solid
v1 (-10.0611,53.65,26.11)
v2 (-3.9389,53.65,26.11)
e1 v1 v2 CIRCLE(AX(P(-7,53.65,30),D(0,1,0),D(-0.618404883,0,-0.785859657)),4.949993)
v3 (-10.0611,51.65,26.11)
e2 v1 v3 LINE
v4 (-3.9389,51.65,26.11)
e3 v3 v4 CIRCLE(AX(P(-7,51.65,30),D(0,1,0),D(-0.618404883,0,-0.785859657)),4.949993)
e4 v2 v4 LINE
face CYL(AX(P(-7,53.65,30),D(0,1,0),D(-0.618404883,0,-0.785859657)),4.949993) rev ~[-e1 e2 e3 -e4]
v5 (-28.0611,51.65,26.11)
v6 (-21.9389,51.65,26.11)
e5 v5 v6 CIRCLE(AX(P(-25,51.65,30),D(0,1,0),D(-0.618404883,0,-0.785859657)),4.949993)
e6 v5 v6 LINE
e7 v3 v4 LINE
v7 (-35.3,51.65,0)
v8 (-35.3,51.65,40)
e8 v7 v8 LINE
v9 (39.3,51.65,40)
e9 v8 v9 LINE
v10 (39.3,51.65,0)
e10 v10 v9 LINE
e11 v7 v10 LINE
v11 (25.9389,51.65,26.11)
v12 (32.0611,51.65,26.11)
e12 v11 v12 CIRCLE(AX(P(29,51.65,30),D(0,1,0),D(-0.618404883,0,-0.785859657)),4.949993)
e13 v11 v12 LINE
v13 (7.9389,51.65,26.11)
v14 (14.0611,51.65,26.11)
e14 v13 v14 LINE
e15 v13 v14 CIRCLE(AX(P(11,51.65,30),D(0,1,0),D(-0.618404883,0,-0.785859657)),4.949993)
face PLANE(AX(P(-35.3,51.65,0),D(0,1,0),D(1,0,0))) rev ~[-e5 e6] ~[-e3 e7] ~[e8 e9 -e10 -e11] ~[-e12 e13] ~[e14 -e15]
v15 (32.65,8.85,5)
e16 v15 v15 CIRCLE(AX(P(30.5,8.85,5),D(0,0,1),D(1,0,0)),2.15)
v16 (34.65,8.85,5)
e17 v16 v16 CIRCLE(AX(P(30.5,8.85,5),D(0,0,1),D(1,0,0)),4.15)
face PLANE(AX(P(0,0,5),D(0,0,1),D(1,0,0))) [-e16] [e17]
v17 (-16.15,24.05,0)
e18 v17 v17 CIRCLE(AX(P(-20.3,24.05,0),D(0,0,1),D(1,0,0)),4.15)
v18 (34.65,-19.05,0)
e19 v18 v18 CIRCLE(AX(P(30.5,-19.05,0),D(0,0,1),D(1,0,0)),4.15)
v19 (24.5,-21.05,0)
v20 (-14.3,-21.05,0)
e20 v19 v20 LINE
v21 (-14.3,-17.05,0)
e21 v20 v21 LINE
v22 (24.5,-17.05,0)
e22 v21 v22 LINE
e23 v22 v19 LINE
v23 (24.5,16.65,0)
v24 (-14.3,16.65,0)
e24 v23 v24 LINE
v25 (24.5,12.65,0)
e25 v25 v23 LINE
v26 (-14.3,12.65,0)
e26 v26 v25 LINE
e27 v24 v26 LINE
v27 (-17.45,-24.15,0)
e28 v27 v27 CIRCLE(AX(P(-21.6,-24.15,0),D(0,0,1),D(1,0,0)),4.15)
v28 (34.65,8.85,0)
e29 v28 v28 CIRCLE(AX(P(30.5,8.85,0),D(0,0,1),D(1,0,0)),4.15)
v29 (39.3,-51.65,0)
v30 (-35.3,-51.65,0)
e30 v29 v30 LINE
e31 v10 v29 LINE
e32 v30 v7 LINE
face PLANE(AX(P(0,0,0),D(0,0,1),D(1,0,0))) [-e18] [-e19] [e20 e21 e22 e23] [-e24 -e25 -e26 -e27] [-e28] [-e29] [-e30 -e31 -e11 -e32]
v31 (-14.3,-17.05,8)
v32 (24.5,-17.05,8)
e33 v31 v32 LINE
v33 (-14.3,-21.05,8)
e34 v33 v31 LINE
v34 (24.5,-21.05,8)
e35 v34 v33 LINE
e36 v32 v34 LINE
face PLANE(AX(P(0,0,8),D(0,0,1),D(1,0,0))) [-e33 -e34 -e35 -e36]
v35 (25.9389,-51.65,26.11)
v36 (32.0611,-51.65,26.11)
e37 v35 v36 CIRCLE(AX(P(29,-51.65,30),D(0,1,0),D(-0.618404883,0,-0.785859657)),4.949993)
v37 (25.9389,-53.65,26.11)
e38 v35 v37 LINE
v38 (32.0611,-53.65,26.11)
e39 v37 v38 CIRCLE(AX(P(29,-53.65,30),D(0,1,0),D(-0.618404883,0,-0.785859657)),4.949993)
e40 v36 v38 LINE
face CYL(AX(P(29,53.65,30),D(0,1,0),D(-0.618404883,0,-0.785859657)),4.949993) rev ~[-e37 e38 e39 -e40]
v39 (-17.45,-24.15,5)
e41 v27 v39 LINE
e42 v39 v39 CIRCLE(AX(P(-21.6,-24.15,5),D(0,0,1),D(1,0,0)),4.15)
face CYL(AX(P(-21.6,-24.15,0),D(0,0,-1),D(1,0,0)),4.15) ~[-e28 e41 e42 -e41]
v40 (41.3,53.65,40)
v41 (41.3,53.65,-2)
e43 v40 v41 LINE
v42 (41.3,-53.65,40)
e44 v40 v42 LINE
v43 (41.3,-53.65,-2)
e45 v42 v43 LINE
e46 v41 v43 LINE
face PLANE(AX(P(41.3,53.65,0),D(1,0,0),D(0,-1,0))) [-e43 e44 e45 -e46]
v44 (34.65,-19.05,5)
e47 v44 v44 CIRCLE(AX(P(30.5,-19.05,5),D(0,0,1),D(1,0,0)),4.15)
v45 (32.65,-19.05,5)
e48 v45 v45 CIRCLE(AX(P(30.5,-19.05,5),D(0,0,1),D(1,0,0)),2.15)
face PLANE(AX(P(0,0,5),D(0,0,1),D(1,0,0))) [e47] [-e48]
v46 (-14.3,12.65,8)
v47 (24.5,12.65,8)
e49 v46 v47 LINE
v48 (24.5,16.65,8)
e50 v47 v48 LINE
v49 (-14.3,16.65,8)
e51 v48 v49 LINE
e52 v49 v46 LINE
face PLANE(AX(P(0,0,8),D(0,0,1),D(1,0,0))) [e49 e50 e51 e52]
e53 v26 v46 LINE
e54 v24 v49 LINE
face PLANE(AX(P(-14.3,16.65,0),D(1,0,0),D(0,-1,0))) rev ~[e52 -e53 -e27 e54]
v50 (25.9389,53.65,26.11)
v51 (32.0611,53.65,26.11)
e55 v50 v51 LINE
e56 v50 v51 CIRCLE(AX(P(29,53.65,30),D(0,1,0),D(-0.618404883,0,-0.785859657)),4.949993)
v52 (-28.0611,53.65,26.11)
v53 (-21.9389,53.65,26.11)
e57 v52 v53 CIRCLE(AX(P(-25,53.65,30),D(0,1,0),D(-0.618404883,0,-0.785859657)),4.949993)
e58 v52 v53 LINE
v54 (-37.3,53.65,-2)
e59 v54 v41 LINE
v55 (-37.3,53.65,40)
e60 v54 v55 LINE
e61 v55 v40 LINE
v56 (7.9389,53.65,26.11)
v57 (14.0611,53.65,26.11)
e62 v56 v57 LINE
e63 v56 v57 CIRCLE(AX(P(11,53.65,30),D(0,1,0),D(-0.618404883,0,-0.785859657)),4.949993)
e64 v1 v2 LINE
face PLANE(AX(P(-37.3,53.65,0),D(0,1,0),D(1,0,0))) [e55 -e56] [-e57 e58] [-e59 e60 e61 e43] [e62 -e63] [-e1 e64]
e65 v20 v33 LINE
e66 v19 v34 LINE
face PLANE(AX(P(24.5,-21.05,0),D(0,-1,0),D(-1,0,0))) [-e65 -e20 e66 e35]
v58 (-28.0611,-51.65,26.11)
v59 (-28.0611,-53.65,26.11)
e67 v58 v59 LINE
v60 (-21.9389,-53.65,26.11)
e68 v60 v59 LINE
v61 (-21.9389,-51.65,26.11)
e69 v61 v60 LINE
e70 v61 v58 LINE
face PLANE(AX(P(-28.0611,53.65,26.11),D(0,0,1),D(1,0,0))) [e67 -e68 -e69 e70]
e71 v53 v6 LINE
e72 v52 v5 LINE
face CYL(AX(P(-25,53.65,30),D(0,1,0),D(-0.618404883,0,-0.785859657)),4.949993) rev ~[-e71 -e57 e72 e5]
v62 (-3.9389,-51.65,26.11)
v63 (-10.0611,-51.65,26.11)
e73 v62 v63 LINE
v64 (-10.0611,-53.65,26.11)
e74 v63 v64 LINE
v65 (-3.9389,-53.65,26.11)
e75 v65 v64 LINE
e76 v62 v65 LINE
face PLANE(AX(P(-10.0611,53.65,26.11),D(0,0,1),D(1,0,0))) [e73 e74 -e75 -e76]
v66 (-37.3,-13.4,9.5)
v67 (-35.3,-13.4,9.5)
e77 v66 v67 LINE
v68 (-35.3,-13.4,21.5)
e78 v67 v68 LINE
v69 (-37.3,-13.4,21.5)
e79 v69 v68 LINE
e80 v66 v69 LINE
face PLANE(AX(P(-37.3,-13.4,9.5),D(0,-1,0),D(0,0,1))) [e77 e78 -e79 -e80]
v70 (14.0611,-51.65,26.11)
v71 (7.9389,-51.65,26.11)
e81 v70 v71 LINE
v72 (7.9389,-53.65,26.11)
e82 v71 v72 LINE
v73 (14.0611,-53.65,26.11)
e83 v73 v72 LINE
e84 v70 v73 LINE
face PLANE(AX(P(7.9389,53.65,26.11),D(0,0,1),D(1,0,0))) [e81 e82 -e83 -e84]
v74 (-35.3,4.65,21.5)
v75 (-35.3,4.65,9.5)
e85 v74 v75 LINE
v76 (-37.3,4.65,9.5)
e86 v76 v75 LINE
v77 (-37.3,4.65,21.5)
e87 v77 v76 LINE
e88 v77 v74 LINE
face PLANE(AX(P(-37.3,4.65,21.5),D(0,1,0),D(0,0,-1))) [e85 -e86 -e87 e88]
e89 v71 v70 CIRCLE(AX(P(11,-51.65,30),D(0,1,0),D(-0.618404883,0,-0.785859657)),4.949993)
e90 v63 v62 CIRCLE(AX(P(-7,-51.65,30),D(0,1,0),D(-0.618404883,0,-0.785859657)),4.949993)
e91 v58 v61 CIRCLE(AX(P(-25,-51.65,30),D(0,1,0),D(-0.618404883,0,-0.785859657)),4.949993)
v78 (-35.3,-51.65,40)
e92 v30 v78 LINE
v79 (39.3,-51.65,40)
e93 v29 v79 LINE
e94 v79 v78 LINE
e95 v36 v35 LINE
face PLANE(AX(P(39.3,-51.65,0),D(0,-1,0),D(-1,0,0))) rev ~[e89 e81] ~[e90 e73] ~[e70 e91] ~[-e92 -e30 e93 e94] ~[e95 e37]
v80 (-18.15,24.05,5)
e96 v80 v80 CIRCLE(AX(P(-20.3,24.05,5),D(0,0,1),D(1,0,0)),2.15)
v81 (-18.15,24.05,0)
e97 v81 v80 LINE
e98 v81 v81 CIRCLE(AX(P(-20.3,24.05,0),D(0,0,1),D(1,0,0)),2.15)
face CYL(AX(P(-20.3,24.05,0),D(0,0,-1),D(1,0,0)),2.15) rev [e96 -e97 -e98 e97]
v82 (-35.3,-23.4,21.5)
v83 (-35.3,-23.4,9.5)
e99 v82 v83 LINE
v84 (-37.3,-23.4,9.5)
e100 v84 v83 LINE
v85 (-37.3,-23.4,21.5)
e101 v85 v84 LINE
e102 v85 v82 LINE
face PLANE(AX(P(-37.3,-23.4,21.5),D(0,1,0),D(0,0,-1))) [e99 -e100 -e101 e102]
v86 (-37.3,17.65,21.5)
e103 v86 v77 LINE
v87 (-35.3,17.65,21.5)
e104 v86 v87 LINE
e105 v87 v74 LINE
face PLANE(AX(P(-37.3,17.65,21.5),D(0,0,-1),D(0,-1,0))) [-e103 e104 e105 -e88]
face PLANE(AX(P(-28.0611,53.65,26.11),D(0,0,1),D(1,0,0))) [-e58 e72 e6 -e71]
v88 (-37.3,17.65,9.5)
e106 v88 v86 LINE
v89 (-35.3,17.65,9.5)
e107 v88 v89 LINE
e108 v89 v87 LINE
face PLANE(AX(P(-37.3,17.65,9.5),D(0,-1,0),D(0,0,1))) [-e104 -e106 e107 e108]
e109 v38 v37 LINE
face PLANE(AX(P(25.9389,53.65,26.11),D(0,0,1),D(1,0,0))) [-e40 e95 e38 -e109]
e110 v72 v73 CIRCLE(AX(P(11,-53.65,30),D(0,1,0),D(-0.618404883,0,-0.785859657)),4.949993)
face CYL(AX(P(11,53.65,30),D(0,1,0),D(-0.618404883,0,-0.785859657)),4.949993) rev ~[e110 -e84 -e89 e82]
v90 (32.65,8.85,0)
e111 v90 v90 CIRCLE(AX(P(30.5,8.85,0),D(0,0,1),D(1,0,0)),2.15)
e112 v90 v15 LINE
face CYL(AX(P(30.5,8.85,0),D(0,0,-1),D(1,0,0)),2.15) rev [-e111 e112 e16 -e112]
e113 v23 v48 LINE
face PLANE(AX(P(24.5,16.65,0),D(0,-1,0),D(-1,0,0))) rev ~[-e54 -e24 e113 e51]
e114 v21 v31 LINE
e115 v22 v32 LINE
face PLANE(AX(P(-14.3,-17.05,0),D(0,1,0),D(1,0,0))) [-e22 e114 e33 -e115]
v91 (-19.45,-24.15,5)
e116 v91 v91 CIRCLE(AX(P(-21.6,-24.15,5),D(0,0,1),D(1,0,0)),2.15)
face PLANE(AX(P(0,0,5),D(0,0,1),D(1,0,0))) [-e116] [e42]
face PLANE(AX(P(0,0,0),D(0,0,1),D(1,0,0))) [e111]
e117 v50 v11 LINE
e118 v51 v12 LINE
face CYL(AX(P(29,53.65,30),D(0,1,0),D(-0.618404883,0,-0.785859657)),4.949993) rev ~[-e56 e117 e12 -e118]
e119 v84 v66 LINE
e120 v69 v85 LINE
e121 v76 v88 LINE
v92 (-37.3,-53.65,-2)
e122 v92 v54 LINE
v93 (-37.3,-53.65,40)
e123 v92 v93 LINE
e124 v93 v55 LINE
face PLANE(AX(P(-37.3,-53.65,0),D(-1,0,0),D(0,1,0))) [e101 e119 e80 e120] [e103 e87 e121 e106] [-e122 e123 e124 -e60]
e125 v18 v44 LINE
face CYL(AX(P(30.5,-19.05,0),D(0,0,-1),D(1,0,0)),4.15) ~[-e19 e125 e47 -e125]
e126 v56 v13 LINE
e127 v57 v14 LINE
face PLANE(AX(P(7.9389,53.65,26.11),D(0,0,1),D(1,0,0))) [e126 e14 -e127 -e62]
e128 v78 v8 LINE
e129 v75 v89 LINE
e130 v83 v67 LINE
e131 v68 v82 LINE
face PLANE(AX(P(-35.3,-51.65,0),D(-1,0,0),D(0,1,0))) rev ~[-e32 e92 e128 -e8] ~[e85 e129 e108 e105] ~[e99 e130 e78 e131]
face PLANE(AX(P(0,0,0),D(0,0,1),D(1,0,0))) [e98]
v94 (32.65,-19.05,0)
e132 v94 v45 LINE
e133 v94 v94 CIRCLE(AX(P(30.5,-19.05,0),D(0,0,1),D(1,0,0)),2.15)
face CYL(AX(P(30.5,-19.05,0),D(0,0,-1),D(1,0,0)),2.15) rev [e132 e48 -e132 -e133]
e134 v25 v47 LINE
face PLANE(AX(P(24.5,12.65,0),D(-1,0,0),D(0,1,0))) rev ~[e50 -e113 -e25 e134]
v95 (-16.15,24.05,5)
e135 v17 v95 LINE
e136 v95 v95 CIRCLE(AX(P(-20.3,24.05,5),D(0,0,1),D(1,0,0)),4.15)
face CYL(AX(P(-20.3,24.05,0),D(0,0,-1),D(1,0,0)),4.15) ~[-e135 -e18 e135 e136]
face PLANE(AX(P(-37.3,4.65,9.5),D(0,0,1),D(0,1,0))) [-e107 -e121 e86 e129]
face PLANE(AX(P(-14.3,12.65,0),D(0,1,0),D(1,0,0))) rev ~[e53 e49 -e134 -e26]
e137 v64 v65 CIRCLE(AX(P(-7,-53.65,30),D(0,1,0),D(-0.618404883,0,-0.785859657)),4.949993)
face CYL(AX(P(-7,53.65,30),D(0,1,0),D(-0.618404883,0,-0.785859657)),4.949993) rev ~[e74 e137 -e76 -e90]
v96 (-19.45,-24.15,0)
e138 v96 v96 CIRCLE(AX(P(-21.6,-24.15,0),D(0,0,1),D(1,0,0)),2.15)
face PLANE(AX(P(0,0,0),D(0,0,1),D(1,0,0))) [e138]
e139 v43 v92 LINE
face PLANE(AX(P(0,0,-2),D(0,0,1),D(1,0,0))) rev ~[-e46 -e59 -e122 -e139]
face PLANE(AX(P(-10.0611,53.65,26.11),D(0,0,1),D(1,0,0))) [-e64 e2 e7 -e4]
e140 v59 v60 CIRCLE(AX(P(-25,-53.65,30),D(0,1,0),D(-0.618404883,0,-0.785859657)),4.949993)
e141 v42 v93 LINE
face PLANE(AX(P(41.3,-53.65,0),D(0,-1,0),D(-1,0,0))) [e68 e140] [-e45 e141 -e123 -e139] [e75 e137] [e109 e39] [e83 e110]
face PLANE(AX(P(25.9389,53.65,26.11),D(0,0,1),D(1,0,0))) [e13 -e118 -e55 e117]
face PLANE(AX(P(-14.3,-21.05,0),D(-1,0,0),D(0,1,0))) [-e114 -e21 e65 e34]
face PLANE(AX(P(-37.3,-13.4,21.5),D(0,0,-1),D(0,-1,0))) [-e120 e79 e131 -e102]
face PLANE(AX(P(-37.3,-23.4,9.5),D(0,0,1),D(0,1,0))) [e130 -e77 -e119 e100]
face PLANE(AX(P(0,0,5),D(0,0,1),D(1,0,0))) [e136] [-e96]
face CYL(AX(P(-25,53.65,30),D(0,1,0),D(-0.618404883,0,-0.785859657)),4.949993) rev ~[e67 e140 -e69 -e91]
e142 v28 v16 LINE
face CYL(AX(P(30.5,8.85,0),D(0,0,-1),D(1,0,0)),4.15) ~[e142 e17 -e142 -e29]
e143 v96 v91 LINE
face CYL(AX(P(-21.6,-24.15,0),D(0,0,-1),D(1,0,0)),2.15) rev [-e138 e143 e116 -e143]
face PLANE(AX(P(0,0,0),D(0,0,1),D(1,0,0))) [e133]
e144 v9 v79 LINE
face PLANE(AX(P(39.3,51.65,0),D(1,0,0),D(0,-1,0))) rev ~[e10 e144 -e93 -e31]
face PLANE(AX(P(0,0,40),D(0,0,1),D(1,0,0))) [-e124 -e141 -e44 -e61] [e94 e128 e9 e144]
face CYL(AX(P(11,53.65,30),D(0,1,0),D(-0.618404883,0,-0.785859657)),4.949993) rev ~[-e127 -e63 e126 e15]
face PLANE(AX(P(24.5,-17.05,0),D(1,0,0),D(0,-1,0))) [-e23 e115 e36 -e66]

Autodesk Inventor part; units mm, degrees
ref_plane "YZ Plane" through (0, 0, 0) normal (1, 0, 0) x (0, 1, 0)
ref_plane "XZ Plane" through (0, 0, 0) normal (0, 1, 0) x (-1, 0, 0)
ref_plane "XY Plane" through (0, 0, 0) normal (0, 0, 1) x (1, 0, 0)
sketch "Sketch1" plane through (0, 0, 0) normal (0, 0, 1) x (1, 0, 0)
  line L0 (-35.3, 51.65) -> (39.3, 51.65)
  line L1 (39.3, 51.65) -> (39.3, -51.65)
  line L2 (39.3, -51.65) -> (-35.3, -51.65)
  line L3 (-35.3, -51.65) -> (-35.3, 51.65)
  line L4 (-35.3, 51.65) -> (39.3, -51.65) construction
  line L5 (39.3, 51.65) -> (-35.3, -51.65) construction
  line L6 (34.3, 26.65) -> (-34.3, 26.65) construction
  line L7 (-34.3, 26.65) -> (-34.3, -26.65) construction
  line L8 (-34.3, -26.65) -> (34.3, -26.65) construction
  line L9 (34.3, -26.65) -> (34.3, 26.65) construction
  line L10 (34.3, 26.65) -> (-34.3, -26.65) construction
  line L11 (-34.3, 26.65) -> (34.3, -26.65) construction
  circle A0 centre (-20.3, 24.05) radius 1.6 construction
  circle A1 centre (-21.6, -24.15) radius 1.6 construction
  circle A2 centre (30.5, 8.85) radius 1.6 construction
  circle A3 centre (30.5, -19.05) radius 1.6 construction
  line L12 (-37.3, 53.65) -> (41.3, 53.65)
  line L13 (41.3, 53.65) -> (41.3, -53.65)
  line L14 (41.3, -53.65) -> (-37.3, -53.65)
  line L15 (-37.3, -53.65) -> (-37.3, 53.65)
  line L16 (-37.3, 53.65) -> (41.3, -53.65) construction
  line L17 (41.3, 53.65) -> (-37.3, -53.65) construction
  line L18 (30.5, 53.65) -> (30.5, -53.65) construction
  point P0 (0, 0)
  dimension "d0" = 53.3
  dimension "d2" = 68.6
  dimension "d3" = 14
  dimension "d4" = 2.5
  dimension "d5" = 50.8
  dimension "d6" = 27.9
  dimension "d7" = 5.1
  dimension "d8" = 3.2
  dimension "d9" = 25
  dimension "d10" = 1
  dimension "d11" = 2
  dimension "d12" = 2
  dimension "d59" = 5
  dimension "d62" = 25
  dimension "d63" = 2
  dimension "d64" = 2
  dimension "d92" = 15.2
  dimension "d94" = 1.3
extrude "Extrusion1" add sketch "Sketch1" against normal blind 2 contours L0 L1 L2 L3 | L12 L13 L14 L15
extrude "Extrusion2" add sketch "Sketch1" along normal blind 40
sketch "Sketch2" plane through (0, 0, 0) normal (0, 0, 1) x (1, 0, 0)
  circle A0 centre (-21.6, -24.15) radius 1.6 construction
  circle A1 centre (-20.3, 24.05) radius 4.15
  circle A2 centre (-21.6, -24.15) radius 4.15
  circle A3 centre (30.5, -19.05) radius 4.15
  circle A4 centre (30.5, 8.85) radius 4.15
  circle A5 centre (-20.3, 24.05) radius 2.15
  circle A6 centre (30.5, 8.85) radius 2.15
  circle A7 centre (-21.6, -24.15) radius 2.15
  circle A8 centre (30.5, -19.05) radius 2.15
  point P0 (0, 0)
  dimension "d17" = 8.3
  dimension "d19" = 4.3
extrude "Extrusion3" add sketch "Sketch2" along normal blind 5
sketch "Sketch6" plane through (-37.3, 53.65, -2) normal (0, 1, 0) x (1, 0, 0)
  line L0 (78.6, -42) -> (78.6, 0) projected
  line L1 (0, 0) -> (78.6, 0) projected
  line L2 (0, 0) -> (0, -42) projected
  line L3 (0, -32) -> (78.6, -32) construction
  arc A0 (9.2389, -28.11) -> (15.3611, -28.11) centre (12.3, -32) ccw
  line L4 (78.6, -42) -> (0, -42) projected
  line L5 (12.3, -32) -> (12.3, -28.11) construction
  line L6 (9.2389, -28.11) -> (15.3611, -28.11)
  arc A1 (27.2389, -28.11) -> (33.3611, -28.11) centre (30.3, -32) ccw
  line L7 (27.2389, -28.11) -> (33.3611, -28.11)
  arc A2 (45.2389, -28.11) -> (51.3611, -28.11) centre (48.3, -32) ccw
  line L8 (45.2389, -28.11) -> (51.3611, -28.11)
  arc A3 (63.2389, -28.11) -> (69.3611, -28.11) centre (66.3, -32) ccw
  line L9 (63.2389, -28.11) -> (69.3611, -28.11)
  point P0 (37.3, -2)
  point P1 (30.3, -28.11)
  point P2 (48.3, -28.11)
  point P3 (66.3, -28.11)
  dimension "d46" = 9.9
  dimension "d54" = 12.3
  dimension "d56" = 32
  dimension "d65" = 3.89
  dimension "d68" = 18
  dimension "d73" = 12.3
extrude "Extrusion6" cut sketch "Sketch6" against normal through all contours L6 A0 | L7 A1 | L8 A2 | L9 A3
sketch "Sketch7" plane through (0, 0, 0) normal (0, 0, 1) x (1, 0, 0)
  circle A0 centre (30.5, -19.05) radius 4.15 projected
  circle A1 centre (30.5, 8.85) radius 4.15 projected
  line L0 (-14.3, -17.05) -> (24.5, -17.05)
  line L1 (24.5, -17.05) -> (24.5, -21.05)
  line L2 (24.5, -21.05) -> (-14.3, -21.05)
  line L3 (-14.3, -21.05) -> (-14.3, -17.05)
  line L4 (-34.3, -26.65) -> (34.3, -26.65) construction
  line L5 (34.3, 26.65) -> (-34.3, 26.65) construction
  line L6 (34.3, -26.65) -> (34.3, 26.65) construction
  line L7 (-34.3, 26.65) -> (-34.3, -26.65) construction
  line L8 (24.5, 16.65) -> (-14.3, 16.65)
  line L9 (-14.3, 16.65) -> (-14.3, 12.65)
  line L10 (-14.3, 12.65) -> (24.5, 12.65)
  line L11 (24.5, 12.65) -> (24.5, 16.65)
  point P0 (0, 0)
  point P1 (24.5, -19.05)
  dimension "d79" = 4
  dimension "d80" = 20
  dimension "d81" = 6
  dimension "d82" = 6
  dimension "d83" = 20
  dimension "d86" = 10
  dimension "d87" = 0
extrude "Extrusion7" add sketch "Sketch7" along normal blind 8 contours L0 L1 L2 L3 | L11 L10 L9 L8
sketch "Sketch4" plane through (-37.3, -53.65, -2) normal (-1, 0, 0) x (0, 0, 1)
  line L0 (11.5, 71.3) -> (23.5, 71.3)
  line L1 (23.5, 71.3) -> (23.5, 58.3)
  line L2 (23.5, 58.3) -> (11.5, 58.3)
  line L3 (11.5, 58.3) -> (11.5, 71.3)
  line L4 (11.5, 71.3) -> (23.5, 58.3) construction
  line L5 (23.5, 71.3) -> (11.5, 58.3) construction
  line L6 (23.5, 30.25) -> (11.5, 30.25)
  line L7 (11.5, 30.25) -> (11.5, 40.25)
  line L8 (11.5, 40.25) -> (23.5, 40.25)
  line L9 (23.5, 40.25) -> (23.5, 30.25)
  line L10 (23.5, 30.25) -> (11.5, 40.25) construction
  line L11 (11.5, 30.25) -> (23.5, 40.25) construction
  line L12 (2, 0) -> (2, 107.3) projected
  line L13 (7, 73.55) -> (7, 81.85) projected
  line L14 (10, 36.6) -> (10, 32.6) projected
  line L15 (0, 107.3) -> (42, 107.3) projected
  line L16 (0, 0) -> (0, 107.3) projected
  line L17 (42, 0) -> (0, 0) projected
  line L18 (42, 107.3) -> (42, 0) projected
  point P0 (2, 53.65)
  point P1 (2, 80.3)
  point P2 (2, 80.3)
  point P3 (2, 80.3)
  point P4 (2, 27)
  point P5 (2, 27)
  point P6 (2, 27)
  point P7 (17.5, 64.8)
  point P8 (17.5, 35.25)
  point P9 (2, 0)
  dimension "d22" = 13
  dimension "d24" = 12
  dimension "d26" = 9
  dimension "d27" = 12
  dimension "d28" = 10
  dimension "d31" = 3.25
  dimension "d88" = 1.5
  dimension "d90" = 1.5
extrude "Extrusion4" cut sketch "Sketch4" against normal up to surface (2 mm away) contours L0 L1 L2 L3 | L6 L7 L8 L9
properties part number "Arduino BNC box 1"
